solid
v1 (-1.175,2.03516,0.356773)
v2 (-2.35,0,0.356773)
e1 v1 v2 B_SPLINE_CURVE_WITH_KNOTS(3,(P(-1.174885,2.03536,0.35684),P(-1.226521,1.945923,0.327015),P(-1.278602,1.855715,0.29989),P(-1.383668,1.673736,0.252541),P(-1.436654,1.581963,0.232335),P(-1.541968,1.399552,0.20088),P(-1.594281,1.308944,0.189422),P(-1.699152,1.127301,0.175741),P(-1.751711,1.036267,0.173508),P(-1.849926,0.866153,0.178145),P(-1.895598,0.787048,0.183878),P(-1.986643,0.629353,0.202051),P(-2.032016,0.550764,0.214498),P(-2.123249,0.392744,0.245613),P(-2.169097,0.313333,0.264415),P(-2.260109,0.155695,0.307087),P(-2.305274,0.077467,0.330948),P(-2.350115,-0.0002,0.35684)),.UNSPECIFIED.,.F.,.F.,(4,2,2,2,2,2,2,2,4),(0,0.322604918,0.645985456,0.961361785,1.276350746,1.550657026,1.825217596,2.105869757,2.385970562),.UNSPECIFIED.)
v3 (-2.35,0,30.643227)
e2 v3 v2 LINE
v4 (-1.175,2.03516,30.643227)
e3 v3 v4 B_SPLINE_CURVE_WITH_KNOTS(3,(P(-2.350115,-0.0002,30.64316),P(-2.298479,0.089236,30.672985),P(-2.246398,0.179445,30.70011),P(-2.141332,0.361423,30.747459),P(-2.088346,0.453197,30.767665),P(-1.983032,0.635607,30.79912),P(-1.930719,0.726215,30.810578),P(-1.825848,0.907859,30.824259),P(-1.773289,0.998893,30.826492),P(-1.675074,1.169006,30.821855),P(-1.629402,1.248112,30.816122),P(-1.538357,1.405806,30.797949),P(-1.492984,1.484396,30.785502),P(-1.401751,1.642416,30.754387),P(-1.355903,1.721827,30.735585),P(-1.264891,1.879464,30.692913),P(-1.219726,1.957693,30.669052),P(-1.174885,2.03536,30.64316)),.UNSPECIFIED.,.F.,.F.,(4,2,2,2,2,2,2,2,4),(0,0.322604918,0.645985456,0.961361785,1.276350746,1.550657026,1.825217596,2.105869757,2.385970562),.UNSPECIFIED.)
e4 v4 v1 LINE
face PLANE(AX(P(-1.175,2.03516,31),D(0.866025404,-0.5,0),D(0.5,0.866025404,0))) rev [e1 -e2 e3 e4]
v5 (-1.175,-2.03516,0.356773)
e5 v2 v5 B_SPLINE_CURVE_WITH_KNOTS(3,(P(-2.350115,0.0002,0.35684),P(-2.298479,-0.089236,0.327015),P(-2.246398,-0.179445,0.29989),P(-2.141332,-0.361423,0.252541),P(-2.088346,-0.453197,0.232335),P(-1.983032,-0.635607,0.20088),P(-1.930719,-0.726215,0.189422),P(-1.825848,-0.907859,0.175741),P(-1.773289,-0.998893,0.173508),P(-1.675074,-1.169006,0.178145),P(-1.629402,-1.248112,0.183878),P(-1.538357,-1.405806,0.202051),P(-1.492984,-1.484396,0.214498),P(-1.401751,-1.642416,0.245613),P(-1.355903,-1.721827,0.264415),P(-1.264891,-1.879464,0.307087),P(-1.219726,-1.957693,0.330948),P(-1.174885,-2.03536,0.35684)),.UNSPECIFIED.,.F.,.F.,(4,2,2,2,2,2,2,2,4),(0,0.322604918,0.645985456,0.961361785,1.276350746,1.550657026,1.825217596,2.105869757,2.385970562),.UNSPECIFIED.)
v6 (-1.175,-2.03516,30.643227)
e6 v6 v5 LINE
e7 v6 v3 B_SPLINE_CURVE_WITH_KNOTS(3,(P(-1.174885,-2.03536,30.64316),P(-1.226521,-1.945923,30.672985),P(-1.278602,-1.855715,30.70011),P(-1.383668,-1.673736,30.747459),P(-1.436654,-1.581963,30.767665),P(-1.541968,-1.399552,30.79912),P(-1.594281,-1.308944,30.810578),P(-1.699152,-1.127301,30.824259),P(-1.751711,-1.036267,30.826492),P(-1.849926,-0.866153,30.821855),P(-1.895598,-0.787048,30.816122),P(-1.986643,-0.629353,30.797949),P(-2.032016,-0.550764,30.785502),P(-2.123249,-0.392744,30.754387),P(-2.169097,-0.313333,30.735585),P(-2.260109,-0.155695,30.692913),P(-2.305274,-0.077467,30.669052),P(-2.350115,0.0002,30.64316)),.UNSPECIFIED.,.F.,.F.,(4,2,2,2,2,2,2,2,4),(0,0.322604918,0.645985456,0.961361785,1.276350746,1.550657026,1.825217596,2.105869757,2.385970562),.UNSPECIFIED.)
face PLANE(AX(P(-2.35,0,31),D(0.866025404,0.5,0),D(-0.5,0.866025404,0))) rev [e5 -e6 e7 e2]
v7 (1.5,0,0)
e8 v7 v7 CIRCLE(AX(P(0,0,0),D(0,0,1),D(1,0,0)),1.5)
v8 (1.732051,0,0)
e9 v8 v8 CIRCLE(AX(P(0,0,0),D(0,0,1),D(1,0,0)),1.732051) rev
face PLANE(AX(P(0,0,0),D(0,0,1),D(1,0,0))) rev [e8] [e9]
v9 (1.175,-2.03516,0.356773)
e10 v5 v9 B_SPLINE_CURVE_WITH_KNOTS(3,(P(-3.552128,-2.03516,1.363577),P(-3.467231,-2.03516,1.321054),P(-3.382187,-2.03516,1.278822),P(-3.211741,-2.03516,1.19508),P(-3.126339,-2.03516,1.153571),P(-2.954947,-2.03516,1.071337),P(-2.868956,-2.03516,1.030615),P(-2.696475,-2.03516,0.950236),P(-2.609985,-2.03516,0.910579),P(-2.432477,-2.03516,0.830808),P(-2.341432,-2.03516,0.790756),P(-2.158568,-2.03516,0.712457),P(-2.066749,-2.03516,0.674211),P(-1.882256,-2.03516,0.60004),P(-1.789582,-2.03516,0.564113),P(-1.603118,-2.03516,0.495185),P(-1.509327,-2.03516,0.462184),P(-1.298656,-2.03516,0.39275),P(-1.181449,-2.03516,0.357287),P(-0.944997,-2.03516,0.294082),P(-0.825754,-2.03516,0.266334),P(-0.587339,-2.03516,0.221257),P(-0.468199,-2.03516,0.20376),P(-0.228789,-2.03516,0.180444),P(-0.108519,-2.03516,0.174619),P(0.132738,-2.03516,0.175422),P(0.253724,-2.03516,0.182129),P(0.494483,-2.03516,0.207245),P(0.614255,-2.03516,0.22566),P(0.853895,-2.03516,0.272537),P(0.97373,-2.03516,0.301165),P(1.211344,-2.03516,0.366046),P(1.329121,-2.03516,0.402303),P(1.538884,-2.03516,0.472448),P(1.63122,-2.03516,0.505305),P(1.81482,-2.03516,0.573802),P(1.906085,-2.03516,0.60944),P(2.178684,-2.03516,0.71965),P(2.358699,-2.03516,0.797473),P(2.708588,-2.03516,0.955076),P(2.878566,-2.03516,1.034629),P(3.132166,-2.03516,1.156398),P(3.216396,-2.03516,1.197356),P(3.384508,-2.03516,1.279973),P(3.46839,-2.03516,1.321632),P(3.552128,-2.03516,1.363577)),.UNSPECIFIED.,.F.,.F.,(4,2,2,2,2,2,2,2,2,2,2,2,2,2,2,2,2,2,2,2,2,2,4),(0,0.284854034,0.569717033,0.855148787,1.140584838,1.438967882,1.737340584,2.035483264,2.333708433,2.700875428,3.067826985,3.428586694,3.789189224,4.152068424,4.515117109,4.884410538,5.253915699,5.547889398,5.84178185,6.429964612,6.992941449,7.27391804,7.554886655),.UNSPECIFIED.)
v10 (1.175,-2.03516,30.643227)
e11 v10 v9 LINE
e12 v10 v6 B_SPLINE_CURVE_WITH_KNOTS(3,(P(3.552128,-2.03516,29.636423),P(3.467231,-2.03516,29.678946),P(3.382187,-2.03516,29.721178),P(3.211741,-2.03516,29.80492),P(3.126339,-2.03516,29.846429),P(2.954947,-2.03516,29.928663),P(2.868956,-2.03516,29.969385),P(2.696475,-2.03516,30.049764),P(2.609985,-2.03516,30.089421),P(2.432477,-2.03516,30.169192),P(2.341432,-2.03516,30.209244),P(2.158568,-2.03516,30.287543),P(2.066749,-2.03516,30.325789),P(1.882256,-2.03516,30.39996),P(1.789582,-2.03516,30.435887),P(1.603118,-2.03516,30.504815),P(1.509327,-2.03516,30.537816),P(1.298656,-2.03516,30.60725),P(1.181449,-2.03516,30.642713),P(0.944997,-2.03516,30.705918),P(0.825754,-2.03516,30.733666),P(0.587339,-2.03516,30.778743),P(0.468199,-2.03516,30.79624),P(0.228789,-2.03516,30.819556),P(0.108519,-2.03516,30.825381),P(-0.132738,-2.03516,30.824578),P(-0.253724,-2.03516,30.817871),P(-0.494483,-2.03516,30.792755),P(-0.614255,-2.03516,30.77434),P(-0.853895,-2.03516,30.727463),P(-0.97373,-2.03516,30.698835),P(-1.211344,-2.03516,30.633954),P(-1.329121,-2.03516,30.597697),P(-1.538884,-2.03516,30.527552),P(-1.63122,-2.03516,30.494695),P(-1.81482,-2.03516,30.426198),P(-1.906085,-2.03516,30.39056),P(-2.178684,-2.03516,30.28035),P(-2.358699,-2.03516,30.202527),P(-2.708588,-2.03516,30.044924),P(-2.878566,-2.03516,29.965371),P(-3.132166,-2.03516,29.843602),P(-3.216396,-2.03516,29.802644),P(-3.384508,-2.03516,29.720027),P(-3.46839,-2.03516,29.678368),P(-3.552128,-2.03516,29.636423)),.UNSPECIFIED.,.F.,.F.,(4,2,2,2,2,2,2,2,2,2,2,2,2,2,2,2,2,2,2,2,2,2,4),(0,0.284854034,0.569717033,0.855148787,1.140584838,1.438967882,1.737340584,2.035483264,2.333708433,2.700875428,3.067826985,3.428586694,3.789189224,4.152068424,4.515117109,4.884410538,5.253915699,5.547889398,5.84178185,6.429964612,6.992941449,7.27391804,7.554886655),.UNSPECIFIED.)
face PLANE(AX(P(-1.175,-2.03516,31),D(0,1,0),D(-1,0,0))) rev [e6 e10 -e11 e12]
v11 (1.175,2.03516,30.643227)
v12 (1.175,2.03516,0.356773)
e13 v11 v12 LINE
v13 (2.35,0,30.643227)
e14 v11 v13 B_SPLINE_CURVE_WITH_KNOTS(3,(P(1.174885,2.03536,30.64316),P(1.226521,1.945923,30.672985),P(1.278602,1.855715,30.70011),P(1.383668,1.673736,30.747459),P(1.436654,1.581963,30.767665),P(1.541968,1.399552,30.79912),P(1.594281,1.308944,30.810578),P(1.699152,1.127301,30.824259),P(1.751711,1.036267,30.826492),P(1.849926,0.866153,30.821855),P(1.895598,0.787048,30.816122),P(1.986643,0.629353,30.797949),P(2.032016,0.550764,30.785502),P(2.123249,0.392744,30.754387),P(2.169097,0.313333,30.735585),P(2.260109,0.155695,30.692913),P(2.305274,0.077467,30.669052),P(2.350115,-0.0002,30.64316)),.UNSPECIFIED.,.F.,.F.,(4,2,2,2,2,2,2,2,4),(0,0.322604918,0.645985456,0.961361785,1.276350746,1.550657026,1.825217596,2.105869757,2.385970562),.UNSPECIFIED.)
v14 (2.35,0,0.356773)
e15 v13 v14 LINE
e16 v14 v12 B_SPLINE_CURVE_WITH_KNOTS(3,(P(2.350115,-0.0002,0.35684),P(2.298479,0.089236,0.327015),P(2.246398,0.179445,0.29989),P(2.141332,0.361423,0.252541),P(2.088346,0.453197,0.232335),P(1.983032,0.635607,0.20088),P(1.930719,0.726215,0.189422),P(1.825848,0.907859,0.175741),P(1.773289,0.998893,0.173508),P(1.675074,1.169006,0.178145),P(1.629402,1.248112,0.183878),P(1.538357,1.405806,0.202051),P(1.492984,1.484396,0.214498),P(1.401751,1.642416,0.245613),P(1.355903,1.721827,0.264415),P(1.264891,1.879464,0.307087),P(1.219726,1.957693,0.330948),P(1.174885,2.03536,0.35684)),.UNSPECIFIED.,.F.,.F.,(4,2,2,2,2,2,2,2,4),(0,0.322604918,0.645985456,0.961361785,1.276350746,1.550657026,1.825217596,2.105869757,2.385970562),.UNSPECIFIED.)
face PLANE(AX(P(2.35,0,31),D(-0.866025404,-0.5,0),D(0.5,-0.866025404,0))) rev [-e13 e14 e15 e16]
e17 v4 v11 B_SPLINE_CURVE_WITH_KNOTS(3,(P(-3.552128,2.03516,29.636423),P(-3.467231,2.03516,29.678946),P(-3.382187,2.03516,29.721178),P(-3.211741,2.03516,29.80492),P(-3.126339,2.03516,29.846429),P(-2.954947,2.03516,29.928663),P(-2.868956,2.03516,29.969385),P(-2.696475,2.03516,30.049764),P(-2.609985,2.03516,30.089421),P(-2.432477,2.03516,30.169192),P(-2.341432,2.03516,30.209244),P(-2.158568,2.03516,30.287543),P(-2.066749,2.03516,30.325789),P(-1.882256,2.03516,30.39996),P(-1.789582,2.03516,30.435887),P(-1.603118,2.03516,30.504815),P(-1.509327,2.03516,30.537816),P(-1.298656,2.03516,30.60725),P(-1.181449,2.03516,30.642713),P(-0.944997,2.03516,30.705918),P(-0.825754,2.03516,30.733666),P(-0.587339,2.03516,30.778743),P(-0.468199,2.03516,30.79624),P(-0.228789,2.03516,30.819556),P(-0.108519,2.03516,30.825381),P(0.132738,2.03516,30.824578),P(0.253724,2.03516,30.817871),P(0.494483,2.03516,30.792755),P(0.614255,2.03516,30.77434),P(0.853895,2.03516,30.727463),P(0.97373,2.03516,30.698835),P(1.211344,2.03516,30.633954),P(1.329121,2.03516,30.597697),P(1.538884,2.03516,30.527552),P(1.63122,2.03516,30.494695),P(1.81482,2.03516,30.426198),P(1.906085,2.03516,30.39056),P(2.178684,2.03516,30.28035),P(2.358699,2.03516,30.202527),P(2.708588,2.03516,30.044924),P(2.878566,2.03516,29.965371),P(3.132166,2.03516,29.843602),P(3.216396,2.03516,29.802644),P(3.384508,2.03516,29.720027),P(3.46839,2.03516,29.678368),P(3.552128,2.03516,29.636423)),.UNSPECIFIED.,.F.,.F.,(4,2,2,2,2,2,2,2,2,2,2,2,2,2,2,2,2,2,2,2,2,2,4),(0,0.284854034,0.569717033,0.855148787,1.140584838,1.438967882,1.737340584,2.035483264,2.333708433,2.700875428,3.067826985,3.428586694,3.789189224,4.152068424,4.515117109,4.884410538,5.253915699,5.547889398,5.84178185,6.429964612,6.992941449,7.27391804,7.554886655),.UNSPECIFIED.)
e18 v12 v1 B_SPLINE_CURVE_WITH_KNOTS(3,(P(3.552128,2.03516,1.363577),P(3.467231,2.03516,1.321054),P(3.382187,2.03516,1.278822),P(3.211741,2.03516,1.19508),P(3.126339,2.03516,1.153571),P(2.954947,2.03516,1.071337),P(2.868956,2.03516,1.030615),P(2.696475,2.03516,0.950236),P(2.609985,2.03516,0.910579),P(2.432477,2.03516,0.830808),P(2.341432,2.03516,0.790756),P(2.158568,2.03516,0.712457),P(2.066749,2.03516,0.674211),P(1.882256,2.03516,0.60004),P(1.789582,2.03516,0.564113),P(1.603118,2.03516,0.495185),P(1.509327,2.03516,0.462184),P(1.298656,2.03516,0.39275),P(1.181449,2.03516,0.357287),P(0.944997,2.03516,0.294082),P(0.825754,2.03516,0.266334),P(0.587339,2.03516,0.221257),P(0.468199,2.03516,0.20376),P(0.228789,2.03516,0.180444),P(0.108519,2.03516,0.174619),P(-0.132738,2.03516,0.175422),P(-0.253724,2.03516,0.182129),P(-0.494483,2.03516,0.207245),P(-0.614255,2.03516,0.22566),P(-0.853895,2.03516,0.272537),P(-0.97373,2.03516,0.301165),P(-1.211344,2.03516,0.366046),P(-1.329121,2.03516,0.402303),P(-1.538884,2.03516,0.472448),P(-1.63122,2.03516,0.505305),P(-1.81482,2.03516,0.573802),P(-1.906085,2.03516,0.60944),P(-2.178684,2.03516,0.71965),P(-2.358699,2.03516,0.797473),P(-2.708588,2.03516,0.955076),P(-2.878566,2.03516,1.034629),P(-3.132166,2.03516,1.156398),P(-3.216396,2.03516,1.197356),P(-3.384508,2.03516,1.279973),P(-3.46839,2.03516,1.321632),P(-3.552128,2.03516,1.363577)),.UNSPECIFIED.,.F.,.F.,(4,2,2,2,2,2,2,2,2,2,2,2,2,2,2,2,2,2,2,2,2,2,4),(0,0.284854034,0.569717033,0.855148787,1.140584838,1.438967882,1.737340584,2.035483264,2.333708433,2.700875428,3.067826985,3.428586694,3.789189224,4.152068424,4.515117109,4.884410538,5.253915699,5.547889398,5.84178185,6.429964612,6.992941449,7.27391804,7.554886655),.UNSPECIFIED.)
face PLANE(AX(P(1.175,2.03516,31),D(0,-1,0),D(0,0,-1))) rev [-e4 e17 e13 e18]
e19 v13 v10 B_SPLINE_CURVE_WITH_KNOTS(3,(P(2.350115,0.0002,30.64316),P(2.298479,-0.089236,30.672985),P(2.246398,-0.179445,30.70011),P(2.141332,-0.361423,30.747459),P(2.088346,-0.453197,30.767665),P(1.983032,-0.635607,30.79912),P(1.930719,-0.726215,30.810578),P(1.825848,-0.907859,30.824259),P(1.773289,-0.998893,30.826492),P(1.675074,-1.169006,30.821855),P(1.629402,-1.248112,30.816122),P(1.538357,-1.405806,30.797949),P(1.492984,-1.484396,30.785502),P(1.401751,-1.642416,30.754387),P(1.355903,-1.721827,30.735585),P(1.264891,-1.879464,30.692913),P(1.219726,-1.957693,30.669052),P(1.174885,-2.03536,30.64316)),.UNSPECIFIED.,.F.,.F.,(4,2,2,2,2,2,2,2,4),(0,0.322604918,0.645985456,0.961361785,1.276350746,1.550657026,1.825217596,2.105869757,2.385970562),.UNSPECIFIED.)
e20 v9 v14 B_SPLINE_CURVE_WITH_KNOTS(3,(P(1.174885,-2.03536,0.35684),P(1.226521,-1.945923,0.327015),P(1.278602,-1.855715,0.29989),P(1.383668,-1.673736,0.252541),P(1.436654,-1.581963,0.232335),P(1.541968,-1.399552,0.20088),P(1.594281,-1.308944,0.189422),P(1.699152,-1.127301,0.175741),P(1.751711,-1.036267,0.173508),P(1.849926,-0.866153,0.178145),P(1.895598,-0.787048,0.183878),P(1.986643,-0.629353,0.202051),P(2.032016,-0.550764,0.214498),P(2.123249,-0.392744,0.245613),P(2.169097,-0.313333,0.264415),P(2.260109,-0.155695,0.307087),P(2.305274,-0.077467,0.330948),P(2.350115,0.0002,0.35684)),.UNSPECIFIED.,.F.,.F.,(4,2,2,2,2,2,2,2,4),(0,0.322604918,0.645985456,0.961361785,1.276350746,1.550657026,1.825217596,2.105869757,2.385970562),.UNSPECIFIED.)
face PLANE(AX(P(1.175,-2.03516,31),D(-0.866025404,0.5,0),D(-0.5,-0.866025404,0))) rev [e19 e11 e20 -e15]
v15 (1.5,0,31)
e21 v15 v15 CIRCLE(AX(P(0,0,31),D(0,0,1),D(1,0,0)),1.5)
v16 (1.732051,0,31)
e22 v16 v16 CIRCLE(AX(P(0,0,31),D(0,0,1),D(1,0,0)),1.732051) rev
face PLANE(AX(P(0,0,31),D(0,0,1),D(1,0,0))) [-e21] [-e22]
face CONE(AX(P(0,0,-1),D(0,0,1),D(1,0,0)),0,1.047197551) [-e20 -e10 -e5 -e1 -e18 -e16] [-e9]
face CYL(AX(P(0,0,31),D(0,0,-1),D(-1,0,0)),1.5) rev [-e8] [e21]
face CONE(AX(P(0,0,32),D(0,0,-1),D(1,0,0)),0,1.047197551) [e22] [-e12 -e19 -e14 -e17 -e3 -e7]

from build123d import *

# Parameters (mm, degrees)
SKETCH_1_R      = 1.5
EXTRUDE_1_DEPTH = 31


with BuildPart() as part:
    # 草图1 → 凸台-拉伸1 (new body)
    with BuildSketch(Plane.XY):
        Polygon((2.35, 0), (1.175, 2.035159699), (-1.175, 2.035159699), (-2.35, 0), (-1.175, -2.035159699), (1.175, -2.035159699), align=None)
        Circle(SKETCH_1_R, mode=Mode.SUBTRACT)
    extrude(amount=EXTRUDE_1_DEPTH)

    # 草图2 → 切除-旋转1 (revolve, cut)
    with BuildSketch(Plane(origin=(0, 0, 0), x_dir=(1, 0, 0), z_dir=(0, 1, 0))):
        Polygon((0, 1), (2.35, -0.356773133), (2.35, 2.686947128), (0, 2.686947128), align=None)
    cut_revolve_1 = revolve(axis=Axis((0, 0, 0), (0, 0, -1)), mode=Mode.SUBTRACT)

    # 镜向1: 切除-旋转1 across plane
    add(cut_revolve_1.mirror(Plane(origin=(0, 0, 15.5), x_dir=(1, 0, 0), z_dir=(0, 0, -1))), mode=Mode.SUBTRACT)


solid = part.part
